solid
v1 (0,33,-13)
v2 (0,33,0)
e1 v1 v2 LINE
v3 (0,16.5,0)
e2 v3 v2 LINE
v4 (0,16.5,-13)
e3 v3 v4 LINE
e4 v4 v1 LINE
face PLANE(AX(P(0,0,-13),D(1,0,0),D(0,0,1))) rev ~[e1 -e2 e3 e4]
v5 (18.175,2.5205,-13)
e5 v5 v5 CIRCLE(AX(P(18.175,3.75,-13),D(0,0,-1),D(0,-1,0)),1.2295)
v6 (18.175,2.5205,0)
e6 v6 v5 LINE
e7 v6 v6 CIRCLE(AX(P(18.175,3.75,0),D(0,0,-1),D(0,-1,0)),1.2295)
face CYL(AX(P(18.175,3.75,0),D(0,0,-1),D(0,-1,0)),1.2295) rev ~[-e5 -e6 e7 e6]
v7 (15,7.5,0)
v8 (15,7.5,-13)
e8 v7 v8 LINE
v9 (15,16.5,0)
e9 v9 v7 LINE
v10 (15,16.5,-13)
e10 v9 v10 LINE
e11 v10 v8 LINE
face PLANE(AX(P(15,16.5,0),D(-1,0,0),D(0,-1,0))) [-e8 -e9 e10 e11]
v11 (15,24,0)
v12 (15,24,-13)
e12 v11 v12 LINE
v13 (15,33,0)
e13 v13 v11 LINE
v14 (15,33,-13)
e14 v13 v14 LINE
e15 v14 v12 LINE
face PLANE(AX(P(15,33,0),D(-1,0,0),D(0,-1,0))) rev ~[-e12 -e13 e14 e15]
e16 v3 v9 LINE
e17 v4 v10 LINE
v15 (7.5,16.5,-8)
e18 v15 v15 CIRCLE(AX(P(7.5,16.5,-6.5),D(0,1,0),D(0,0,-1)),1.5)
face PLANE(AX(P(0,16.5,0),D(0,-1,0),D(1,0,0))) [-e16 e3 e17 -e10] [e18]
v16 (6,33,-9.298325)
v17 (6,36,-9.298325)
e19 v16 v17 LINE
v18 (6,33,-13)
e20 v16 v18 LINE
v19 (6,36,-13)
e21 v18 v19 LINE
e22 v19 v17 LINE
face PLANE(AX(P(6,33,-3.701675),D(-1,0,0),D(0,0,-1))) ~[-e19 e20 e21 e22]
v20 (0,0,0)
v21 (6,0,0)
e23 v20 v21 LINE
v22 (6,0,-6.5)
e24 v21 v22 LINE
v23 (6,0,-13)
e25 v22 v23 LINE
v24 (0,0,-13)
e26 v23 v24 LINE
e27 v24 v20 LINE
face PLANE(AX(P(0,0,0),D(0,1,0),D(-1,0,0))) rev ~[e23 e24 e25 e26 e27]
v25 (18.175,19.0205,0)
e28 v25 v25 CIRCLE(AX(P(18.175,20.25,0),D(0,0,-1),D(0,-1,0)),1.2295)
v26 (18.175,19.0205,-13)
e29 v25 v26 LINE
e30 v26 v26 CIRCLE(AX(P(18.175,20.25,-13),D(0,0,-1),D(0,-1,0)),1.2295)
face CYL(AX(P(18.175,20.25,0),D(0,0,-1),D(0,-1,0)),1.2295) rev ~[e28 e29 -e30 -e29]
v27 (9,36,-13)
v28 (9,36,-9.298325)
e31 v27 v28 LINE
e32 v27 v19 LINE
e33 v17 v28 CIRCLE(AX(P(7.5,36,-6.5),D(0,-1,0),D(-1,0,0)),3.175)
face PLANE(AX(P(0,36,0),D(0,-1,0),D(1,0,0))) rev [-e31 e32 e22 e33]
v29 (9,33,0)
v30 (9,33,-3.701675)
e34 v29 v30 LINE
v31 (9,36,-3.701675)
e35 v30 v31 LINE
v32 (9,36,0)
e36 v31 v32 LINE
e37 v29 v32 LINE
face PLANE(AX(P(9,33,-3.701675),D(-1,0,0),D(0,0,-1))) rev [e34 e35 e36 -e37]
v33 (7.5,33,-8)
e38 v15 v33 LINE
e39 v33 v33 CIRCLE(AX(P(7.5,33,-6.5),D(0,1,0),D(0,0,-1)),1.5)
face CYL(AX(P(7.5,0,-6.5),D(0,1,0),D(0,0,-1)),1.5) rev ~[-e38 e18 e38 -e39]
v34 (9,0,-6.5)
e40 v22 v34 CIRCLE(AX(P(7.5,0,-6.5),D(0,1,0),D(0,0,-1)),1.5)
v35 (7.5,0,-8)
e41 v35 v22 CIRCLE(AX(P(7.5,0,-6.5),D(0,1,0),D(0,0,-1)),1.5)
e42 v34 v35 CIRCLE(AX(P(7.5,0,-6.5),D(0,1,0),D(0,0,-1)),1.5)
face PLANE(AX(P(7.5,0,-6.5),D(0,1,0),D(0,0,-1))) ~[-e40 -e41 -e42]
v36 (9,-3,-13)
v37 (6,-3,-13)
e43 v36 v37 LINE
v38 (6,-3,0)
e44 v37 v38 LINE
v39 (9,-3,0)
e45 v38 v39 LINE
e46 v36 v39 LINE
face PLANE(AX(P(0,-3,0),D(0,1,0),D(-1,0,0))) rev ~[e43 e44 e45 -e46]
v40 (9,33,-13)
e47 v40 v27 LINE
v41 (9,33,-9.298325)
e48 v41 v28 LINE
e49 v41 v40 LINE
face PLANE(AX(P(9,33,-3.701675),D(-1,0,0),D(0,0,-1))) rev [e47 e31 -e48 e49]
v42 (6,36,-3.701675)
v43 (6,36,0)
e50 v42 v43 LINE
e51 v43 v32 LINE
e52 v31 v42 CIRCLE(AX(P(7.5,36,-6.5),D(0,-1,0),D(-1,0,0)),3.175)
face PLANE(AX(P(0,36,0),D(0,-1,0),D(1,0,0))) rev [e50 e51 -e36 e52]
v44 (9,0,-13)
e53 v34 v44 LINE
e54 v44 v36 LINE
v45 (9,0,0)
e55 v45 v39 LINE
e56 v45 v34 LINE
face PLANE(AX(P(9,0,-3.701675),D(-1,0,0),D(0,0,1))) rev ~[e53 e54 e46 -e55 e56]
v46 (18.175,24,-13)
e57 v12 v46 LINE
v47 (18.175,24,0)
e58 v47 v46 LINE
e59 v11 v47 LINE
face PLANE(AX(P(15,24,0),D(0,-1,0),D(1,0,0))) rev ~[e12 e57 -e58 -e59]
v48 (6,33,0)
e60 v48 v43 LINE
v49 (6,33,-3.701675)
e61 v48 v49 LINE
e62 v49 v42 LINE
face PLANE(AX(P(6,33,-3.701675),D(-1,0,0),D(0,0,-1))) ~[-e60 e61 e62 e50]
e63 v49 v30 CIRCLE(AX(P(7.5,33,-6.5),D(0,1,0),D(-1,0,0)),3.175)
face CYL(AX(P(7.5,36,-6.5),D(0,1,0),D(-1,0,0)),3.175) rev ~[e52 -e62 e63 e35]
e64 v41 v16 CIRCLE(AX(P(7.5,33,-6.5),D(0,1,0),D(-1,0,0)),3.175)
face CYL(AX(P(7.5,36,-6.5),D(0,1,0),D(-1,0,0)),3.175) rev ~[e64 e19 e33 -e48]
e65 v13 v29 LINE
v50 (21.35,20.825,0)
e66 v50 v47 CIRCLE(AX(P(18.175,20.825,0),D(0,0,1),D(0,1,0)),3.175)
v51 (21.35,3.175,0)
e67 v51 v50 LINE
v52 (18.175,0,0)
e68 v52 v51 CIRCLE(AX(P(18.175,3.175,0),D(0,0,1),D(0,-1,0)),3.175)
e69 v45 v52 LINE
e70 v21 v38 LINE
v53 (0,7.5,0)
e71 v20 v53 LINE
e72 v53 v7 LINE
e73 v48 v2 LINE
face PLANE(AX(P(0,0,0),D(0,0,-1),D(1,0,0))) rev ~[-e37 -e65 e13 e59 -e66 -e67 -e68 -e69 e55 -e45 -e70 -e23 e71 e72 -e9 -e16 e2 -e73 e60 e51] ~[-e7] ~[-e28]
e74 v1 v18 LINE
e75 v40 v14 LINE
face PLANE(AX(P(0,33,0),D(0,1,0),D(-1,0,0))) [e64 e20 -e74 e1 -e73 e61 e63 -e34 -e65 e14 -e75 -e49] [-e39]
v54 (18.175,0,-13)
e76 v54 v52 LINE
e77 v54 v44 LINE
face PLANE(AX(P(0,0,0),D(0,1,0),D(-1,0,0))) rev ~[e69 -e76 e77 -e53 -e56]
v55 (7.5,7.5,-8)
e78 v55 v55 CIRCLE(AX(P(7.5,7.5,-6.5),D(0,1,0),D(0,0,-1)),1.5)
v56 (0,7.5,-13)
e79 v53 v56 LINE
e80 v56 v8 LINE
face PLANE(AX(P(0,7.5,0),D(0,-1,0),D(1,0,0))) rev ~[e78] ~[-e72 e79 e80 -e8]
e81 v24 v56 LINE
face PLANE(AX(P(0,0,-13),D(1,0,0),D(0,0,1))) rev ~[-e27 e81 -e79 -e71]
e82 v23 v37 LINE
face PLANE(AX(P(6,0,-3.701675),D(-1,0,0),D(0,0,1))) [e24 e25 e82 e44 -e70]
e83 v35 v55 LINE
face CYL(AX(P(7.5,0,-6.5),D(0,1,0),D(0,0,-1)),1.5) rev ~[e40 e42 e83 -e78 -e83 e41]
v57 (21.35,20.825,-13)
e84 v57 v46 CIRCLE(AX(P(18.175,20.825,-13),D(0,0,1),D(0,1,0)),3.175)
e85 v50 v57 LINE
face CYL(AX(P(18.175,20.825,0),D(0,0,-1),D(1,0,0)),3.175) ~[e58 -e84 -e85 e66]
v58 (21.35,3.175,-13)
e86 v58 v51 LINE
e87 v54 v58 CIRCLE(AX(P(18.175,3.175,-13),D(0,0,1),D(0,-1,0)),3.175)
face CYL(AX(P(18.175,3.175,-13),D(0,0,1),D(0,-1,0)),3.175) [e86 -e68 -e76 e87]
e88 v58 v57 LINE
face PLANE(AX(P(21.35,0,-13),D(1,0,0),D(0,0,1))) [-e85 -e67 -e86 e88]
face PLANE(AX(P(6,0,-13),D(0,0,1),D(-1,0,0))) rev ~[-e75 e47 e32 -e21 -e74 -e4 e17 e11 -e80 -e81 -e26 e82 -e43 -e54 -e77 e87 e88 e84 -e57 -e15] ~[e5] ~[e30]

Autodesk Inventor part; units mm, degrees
ref_plane "YZ Plane" through (0, 0, 0) normal (1, 0, 0) x (0, 1, 0)
ref_plane "XZ Plane" through (0, 0, 0) normal (0, 1, 0) x (-1, 0, 0)
sketch "Base Profile" plane through (0, 0, 0) normal (0, 1, 0) x (-1, 0, 0)
  line L0 (0, 0) -> (-15, 0)
  line L1 (-15, 0) -> (-15, -13)
  line L2 (-15, -13) -> (0, -13)
  line L3 (0, -13) -> (0, 0)
  line L4 (-15, -13) -> (-21.35, -13)
  line L5 (-21.35, -13) -> (-21.35, 0)
  line L6 (-21.35, 0) -> (-15, 0)
  line L7 (-7.5, -13) -> (-7.5, 0) construction
  circle A0 centre (-7.5, -6.5) radius 1.5
  line L8 (-6, -13) -> (-6, 0)
  line L9 (-9, -13) -> (-9, 0)
  circle A1 centre (-7.5, -6.5) radius 3.175
  point P0 (-9, 0)
  dimension "d376" = 15
  dimension "d380" = 13
  dimension "d381" = 6.35
  dimension "d395" = 3
  dimension "d405" = 6.35
extrude "Stock" add sketch "Base Profile" along normal blind 33
ref_plane "Work Plane3" through (0, 16.5, 0) normal (0, -1, 0) x (1, 0, 0)
extrude "Guide" add sketch "Base Profile" against normal blind 3 contours L8 A1 L9 L0 | L8 A0 L9 A1 | L2 L9 A1 L8 | A0 | L8 A1 L9 A0
mirror "Mirror3" about plane through (0, 16.5, 0) normal (0, -1, 0) of "Guide"
sketch "Front Profile" plane through (0, 0, 0) normal (0, 0, 1) x (1, 0, 0)
  line L0 (21.35, 0) -> (21.35, 33) projected
  line L1 (0, 33) -> (6, 33) projected
  line L2 (0, 0) -> (0, 33) projected
  line L3 (0, 16.5) -> (21.35, 16.5)
  line L4 (0, 7.5) -> (21.35, 7.5)
  line L5 (15, 33) -> (15, 0)
  line L6 (9, 0) -> (21.35, 0) projected
  line L7 (0, 0) -> (6, 0) projected
  line L8 (6, 0) -> (6, -3) projected
  line L9 (9, -3) -> (6, -3) projected
  line L10 (9, 0) -> (9, -3) projected
  line L11 (9, 33) -> (21.35, 33) projected
  line L12 (9, 33) -> (9, 36) projected
  line L13 (9, 36) -> (6, 36) projected
  line L14 (6, 33) -> (6, 36) projected
  line L15 (15, 24) -> (21.35, 24)
  line L16 (15, 16.5) -> (21.35, 24) construction
  line L17 (21.35, 7.5) -> (15, 0) construction
  circle A0 centre (18.175, 20.25) radius 1.5
  circle A1 centre (18.175, 3.75) radius 1.5
  point P0 (15, 7.5)
  dimension "d383" = 9
  dimension "d384" = 6.35
  dimension "d408" = 7.5
  dimension "d409" = 7.5
  dimension "d413" = 3
  dimension "d414" = 3
extrude "Bearing Clearance" cut sketch "Front Profile" against normal through all contours L4 L2 L3 L5
extrude "Hole Clearance" cut sketch "Base Profile" against normal blind 3 from surface at 36 contours A1 L8 | L8 A0 L9 A1 | L9 A1 | A0 | L8 A1 L9 A0
hole "Hole25" at (7.5, 0, -6.5) direction (0, 1, 0) diameter 3 end through all
extrude "Extrusion22" cut sketch "Front Profile" against normal through all contours L15 L5 L11 L0
fillet "Fillet3" radius 3.175 2 edges at (21.35, 24, -6.5) (21.35, 0, -6.5)
hole "Hole26" at (18.175, 20.25, 0) at (18.175, 3.75, 0) direction (0, 0, -1) diameter 2.459 end through all thread size "M3x0.5" class "6H" standard "ANSI Metric M Profile"
equation "\"extrusionWidth\" = 15"
equation "\"idlerLength\" = 0"
equation "\"bearingOffsetFromBottom\" = 7.5"
equation "\"extrusionOffset\" = 33"
equation "\"d165\" = extrusionWidth"
equation "\"bearingStackHeight\" = 9"
equation "\"bearingSlotLength\" = 0"
equation "\"bearingClearance\" = 13"
equation "\"pinSupportLength\" = 2"
properties part number "B Idler (Tulip)" material "Aluminum 6061"
